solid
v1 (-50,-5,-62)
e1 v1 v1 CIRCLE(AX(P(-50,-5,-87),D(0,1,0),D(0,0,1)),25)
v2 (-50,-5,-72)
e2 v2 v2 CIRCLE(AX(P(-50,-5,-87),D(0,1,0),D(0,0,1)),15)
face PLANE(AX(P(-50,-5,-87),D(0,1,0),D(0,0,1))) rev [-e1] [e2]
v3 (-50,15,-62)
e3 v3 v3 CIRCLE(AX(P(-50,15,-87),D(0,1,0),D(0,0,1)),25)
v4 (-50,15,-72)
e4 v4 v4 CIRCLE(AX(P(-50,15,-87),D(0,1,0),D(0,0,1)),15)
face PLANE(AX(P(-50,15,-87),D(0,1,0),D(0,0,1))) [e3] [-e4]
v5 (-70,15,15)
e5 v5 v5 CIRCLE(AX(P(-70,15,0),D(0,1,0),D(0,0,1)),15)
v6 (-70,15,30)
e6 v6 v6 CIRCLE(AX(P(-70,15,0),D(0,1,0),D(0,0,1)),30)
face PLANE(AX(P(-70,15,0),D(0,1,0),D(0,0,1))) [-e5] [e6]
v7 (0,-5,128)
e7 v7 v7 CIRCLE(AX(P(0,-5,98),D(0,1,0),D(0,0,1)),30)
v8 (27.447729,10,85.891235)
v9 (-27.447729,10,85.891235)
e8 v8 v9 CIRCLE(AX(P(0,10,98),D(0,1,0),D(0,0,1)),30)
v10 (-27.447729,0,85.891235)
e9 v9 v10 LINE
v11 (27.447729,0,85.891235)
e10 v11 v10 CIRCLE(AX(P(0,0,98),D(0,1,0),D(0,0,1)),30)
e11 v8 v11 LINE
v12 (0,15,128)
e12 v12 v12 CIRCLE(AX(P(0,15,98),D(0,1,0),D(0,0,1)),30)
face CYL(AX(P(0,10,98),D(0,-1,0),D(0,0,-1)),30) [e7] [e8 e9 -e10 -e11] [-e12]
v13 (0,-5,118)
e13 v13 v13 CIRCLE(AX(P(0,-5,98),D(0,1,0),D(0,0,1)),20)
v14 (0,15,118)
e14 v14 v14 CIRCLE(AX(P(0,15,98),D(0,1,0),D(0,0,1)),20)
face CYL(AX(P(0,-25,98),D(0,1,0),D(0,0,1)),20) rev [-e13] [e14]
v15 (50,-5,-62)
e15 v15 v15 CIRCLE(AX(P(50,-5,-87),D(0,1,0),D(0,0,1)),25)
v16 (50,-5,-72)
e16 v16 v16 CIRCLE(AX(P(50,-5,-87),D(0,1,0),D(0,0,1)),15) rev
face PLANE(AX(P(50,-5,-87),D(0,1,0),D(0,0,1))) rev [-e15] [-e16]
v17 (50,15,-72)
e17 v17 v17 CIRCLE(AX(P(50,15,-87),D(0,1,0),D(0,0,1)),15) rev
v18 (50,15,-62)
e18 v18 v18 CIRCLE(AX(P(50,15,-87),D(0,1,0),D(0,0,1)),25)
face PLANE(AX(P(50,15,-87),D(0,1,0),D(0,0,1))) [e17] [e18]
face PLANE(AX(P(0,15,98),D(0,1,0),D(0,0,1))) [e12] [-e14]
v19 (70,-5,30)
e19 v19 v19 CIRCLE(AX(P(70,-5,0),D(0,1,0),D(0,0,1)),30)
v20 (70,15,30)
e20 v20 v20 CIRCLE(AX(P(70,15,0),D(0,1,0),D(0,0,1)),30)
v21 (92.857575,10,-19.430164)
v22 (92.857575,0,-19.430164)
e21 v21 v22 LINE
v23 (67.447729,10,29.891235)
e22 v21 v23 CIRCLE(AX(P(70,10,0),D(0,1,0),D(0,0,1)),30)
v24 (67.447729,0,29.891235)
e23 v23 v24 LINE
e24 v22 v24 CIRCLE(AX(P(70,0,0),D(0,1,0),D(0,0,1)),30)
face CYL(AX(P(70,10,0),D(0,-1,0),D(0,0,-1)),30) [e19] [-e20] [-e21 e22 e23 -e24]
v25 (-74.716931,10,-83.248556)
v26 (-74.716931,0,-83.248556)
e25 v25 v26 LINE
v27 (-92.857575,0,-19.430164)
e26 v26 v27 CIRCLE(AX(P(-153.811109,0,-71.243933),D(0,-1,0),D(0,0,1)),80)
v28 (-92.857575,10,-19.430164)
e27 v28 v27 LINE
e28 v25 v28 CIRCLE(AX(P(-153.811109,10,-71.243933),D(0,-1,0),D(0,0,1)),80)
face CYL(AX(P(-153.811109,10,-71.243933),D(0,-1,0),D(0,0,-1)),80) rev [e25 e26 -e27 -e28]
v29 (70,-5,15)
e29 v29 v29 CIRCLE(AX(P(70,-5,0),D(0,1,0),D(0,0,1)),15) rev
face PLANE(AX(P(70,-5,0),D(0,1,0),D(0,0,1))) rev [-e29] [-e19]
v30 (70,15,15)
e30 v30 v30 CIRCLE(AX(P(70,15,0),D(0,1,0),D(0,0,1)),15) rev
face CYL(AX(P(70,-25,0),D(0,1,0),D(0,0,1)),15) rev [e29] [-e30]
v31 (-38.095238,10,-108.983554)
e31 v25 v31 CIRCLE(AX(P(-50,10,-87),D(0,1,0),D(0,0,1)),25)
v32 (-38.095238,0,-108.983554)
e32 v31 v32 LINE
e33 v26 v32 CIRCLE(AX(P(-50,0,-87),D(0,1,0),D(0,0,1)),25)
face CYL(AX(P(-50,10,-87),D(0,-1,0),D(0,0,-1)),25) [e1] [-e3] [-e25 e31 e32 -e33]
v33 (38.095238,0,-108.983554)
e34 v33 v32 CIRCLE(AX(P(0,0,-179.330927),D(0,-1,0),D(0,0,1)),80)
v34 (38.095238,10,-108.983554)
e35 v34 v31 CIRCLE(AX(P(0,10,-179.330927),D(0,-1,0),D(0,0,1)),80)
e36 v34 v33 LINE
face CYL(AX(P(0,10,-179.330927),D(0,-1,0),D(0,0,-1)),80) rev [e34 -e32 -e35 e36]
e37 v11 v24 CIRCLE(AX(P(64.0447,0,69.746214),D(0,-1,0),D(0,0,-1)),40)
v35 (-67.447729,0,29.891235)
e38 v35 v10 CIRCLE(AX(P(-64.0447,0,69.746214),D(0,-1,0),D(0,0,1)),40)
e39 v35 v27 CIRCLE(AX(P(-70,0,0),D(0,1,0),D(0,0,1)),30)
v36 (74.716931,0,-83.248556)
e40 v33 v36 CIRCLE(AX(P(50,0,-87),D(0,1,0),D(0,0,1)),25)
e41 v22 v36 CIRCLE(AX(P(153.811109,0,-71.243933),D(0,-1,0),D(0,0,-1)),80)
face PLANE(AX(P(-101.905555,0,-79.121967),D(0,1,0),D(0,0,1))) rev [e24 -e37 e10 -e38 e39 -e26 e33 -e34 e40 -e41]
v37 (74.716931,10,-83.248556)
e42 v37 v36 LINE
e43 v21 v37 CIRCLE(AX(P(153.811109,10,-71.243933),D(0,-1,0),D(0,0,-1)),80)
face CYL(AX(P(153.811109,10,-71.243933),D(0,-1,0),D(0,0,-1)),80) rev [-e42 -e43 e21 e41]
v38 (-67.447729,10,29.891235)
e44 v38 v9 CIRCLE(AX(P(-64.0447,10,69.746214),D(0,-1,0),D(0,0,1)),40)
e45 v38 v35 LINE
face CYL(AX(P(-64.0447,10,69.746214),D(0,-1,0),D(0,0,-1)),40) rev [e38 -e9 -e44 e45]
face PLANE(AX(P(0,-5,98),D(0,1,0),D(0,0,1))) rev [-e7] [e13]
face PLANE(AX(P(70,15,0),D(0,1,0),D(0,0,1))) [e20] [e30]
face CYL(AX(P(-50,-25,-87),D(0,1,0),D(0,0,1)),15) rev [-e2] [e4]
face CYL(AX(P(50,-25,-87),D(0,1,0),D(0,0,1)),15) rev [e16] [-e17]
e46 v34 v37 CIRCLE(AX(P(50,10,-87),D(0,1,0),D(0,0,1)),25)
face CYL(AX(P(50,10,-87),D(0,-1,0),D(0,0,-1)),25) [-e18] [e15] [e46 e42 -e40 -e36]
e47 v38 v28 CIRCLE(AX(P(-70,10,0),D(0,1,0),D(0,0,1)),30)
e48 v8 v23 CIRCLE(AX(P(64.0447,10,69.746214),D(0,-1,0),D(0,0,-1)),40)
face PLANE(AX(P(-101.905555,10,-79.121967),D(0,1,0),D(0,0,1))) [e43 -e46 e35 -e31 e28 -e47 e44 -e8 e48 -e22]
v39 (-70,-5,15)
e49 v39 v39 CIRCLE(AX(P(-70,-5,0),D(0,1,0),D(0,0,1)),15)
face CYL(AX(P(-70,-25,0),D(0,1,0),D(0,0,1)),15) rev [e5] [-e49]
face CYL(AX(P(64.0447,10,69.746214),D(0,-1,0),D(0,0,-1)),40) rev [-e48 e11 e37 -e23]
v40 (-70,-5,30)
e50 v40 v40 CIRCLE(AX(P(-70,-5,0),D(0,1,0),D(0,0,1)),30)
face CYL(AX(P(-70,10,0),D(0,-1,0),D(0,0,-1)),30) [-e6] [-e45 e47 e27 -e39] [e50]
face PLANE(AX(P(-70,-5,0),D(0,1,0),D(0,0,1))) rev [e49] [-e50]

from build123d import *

# Parameters (mm, degrees)
SKETCH1_R                = 15
SKETCH1_R_2              = 20
BOSS_EXTRUDE2_DEPTH      = 10
BOSS_EXTRUDE3_DEPTH      = 5
BOSS_EXTRUDE3_DEPTH_BACK = 15
SKETCH3_R                = 25
SKETCH3_R_2              = 30
SKETCH1_4_R              = 15
SKETCH1_4_R_2            = 20
CUT_EXTRUDE1_DEPTH       = 25


with BuildPart() as part:
    # Sketch1 → Boss-Extrude2 (new body)
    with BuildSketch(Plane(origin=(0, 0, 0), x_dir=(1, 0, 0), z_dir=(0, 1, 0))):
        with BuildLine():
            ThreePointArc((-38.095238, 108.983554), (-64.373951, 107.454573), (-74.716931, 83.248556))
            ThreePointArc((-74.716931, 83.248556), (-76.859584, 49.370141), (-92.857575, 19.430164))
            ThreePointArc((-92.857575, 19.430164), (-96.668829, -13.73949), (-67.447729, -29.891235))
            ThreePointArc((-67.447729, -29.891235), (-31.495361, -46.496686), (-27.447729, -85.891235))
            ThreePointArc((-27.447729, -85.891235), (0, -128), (27.447729, -85.891235))
            ThreePointArc((27.447729, -85.891235), (31.495361, -46.496686), (67.447729, -29.891235))
            ThreePointArc((67.447729, -29.891235), (96.668829, -13.73949), (92.857575, 19.430164))
            ThreePointArc((92.857575, 19.430164), (76.859584, 49.370141), (74.716931, 83.248556))
            ThreePointArc((74.716931, 83.248556), (64.373951, 107.454573), (38.095238, 108.983554))
            ThreePointArc((38.095238, 108.983554), (0, 99.330927), (-38.095238, 108.983554))
        make_face()
        with Locations((-50, 87)):
            Circle(SKETCH1_R, mode=Mode.SUBTRACT)
        with Locations((-70, 0)):
            Circle(SKETCH1_R, mode=Mode.SUBTRACT)
        with Locations((0, -98)):
            Circle(SKETCH1_R_2, mode=Mode.SUBTRACT)
        with Locations((70, 0)):
            Circle(SKETCH1_R, mode=Mode.SUBTRACT)
        with Locations((50, 87)):
            Circle(SKETCH1_R, mode=Mode.SUBTRACT)
    extrude(amount=BOSS_EXTRUDE2_DEPTH)

    # Sketch3 → Boss-Extrude3 (add, two sides: drawn at the far end of the back side and taken through both)
    with BuildSketch(Plane(origin=(0, 10, 0), x_dir=(1, 0, 0), z_dir=(0, 1, 0)).offset(-BOSS_EXTRUDE3_DEPTH_BACK)):
        with Locations((-50, 87)):
            Circle(SKETCH3_R)
        with Locations((50, 87)):
            Circle(SKETCH3_R)
        with Locations((70, 0)):
            Circle(SKETCH3_R_2)
        with Locations((0, -98)):
            Circle(SKETCH3_R_2)
        with Locations((-70, 0)):
            Circle(SKETCH3_R_2)
    extrude(amount=BOSS_EXTRUDE3_DEPTH + BOSS_EXTRUDE3_DEPTH_BACK)

    # Sketch1<4> → Cut-Extrude1 (cut, symmetric)
    with BuildSketch(Plane(origin=(0, 0, 0), x_dir=(1, 0, 0), z_dir=(0, 1, 0))):
        with Locations((-50, 87)):
            Circle(SKETCH1_4_R)
        with Locations((-70, 0)):
            Circle(SKETCH1_4_R)
        with Locations((0, -98)):
            Circle(SKETCH1_4_R_2)
        with Locations((70, 0)):
            Circle(SKETCH1_4_R)
        with Locations((50, 87)):
            Circle(SKETCH1_4_R)
    extrude(amount=CUT_EXTRUDE1_DEPTH, both=True, mode=Mode.SUBTRACT)


solid = part.part
